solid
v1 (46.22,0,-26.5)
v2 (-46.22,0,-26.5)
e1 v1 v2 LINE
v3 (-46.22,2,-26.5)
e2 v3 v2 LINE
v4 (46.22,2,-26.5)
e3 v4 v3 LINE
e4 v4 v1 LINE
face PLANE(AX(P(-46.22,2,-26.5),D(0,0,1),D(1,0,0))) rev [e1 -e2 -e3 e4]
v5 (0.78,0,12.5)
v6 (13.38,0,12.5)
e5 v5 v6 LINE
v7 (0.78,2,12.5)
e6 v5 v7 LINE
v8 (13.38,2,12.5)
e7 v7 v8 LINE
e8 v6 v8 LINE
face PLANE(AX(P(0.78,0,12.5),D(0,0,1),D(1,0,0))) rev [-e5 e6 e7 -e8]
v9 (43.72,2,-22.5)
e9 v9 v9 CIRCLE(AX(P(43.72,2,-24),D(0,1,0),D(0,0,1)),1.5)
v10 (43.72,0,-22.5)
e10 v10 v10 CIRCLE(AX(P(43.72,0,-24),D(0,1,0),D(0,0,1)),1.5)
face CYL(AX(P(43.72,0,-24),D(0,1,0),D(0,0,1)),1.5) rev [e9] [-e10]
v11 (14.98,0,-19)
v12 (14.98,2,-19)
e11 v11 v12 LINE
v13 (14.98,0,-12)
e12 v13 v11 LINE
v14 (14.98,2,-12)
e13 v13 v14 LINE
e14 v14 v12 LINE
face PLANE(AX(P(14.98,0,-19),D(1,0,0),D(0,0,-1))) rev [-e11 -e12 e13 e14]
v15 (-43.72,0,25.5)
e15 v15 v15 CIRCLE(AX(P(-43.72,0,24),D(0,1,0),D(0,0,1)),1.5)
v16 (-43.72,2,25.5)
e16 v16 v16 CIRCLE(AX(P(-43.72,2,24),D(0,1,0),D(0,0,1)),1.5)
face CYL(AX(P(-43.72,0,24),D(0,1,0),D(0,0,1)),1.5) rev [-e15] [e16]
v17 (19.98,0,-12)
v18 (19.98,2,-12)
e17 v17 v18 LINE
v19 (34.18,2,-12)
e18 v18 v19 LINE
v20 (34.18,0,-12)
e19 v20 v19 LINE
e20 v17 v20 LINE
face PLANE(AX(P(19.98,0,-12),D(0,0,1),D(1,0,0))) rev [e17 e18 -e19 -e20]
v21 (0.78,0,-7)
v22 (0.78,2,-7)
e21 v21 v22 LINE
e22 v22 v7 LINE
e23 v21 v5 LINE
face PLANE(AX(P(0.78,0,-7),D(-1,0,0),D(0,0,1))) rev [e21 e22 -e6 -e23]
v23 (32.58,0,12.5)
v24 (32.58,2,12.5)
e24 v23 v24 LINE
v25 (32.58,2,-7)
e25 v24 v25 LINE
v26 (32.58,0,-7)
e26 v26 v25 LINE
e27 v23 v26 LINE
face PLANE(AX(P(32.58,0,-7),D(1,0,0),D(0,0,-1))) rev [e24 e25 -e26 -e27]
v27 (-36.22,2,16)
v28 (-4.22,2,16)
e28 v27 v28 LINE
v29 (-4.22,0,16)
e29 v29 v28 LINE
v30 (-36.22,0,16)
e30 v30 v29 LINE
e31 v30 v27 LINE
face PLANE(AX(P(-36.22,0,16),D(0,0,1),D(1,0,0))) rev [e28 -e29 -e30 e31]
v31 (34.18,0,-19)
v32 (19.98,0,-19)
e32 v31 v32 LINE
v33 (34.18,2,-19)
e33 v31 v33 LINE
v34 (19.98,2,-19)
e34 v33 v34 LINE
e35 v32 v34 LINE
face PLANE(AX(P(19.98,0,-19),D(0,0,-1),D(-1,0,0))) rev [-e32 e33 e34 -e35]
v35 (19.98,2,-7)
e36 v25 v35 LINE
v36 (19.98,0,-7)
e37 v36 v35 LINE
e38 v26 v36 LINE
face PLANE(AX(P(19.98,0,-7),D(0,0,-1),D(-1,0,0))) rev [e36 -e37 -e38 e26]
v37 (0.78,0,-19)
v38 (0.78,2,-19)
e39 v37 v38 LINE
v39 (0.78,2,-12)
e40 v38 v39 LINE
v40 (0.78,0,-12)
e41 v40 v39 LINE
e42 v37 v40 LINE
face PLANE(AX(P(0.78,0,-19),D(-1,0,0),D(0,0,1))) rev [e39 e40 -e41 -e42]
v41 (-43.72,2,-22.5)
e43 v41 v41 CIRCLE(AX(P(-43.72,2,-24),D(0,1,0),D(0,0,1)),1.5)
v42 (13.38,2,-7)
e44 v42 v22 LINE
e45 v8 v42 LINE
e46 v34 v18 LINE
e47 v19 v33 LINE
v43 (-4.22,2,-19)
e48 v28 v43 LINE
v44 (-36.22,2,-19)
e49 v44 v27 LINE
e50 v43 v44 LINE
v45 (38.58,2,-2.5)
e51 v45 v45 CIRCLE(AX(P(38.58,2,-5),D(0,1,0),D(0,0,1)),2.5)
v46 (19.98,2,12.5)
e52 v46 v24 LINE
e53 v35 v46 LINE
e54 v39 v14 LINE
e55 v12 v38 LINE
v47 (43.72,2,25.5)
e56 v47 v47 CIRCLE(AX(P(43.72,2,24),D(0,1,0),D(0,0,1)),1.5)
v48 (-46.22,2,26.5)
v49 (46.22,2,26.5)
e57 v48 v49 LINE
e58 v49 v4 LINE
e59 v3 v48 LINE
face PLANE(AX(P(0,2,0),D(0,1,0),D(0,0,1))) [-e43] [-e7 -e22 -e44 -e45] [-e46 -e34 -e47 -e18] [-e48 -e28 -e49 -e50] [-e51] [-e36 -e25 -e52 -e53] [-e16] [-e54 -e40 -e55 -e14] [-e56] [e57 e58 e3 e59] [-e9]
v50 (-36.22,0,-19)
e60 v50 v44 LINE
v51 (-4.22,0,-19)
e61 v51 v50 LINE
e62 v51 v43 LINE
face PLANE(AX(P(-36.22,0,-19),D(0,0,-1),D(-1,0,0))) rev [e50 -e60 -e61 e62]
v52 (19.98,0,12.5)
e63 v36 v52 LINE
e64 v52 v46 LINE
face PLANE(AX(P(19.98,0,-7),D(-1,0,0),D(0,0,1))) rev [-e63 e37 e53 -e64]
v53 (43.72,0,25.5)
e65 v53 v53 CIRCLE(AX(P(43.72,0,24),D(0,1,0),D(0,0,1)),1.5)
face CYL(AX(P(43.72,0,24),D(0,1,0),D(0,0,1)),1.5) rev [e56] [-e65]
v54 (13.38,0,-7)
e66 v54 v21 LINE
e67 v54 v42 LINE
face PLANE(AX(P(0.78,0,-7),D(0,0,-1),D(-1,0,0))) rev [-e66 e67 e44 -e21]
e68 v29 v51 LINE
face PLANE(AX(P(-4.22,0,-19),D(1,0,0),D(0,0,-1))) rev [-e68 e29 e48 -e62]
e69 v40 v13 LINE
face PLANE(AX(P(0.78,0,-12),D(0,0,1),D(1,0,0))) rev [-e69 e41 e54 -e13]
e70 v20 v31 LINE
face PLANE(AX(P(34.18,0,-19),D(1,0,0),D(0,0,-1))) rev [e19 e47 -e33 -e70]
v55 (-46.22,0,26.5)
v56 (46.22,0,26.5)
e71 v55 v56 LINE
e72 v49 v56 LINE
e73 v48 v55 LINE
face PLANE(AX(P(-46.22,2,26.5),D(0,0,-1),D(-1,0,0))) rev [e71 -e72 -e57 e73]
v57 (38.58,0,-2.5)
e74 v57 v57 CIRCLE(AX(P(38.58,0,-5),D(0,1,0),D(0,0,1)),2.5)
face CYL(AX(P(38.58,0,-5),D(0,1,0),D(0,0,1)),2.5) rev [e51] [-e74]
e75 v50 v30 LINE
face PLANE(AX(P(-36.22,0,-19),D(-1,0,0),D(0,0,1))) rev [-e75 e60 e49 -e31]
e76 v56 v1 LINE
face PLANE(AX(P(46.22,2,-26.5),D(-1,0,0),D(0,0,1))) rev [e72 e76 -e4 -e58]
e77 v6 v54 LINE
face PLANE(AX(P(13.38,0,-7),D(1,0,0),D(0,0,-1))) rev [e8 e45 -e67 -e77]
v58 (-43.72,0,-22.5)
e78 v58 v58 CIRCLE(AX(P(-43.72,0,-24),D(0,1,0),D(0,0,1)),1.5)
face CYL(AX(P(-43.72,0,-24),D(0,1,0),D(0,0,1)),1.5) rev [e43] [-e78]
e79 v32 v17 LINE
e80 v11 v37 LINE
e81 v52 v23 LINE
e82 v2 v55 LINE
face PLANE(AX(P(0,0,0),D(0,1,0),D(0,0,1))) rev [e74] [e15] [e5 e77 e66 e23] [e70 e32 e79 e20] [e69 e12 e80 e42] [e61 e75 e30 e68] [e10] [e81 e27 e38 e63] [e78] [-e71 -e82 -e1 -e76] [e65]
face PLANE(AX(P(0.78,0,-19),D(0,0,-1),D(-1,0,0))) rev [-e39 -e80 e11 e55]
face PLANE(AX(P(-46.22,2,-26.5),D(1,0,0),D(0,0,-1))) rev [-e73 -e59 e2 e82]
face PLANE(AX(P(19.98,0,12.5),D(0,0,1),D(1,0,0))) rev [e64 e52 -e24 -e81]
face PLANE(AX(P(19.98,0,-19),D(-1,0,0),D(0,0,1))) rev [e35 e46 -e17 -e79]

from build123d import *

# Parameters (mm, degrees)
SKETCH1_W           = 92.44
SKETCH1_H           = 53
BOSS_EXTRUDE1_DEPTH = 2
SKETCH2_R           = 1.5
CUT_EXTRUDE1_DEPTH  = 3
SKETCH3_R           = 2.5
SKETCH3_W           = 32
SKETCH3_H           = 35
SKETCH3_W_2         = 14.2
SKETCH3_H_2         = 7
SKETCH3_W_3         = 12.6
SKETCH3_H_3         = 19.5
CUT_EXTRUDE2_DEPTH  = 3


with BuildPart() as part:
    # Sketch1 → Boss-Extrude1 (new body)
    with BuildSketch(Plane(origin=(0, 0, 0), x_dir=(1, 0, 0), z_dir=(0, 1, 0))):
        Rectangle(SKETCH1_W, SKETCH1_H)
    extrude(amount=BOSS_EXTRUDE1_DEPTH)

    # Sketch2 → Cut-Extrude1 (cut, through all)
    with BuildSketch(Plane(origin=(0, 2, 0), x_dir=(1, 0, 0), z_dir=(0, 1, 0))):
        with Locations((-43.72, 24)):
            Circle(SKETCH2_R)
        with Locations((43.72, 24)):
            Circle(SKETCH2_R)
        with Locations((43.72, -24)):
            Circle(SKETCH2_R)
        with Locations((-43.72, -24)):
            Circle(SKETCH2_R)
    extrude(amount=-CUT_EXTRUDE1_DEPTH, mode=Mode.SUBTRACT)

    # Sketch3 → Cut-Extrude2 (cut, through all)
    with BuildSketch(Plane(origin=(0, 2, 0), x_dir=(1, 0, 0), z_dir=(0, 1, 0))):
        with Locations((38.58, 5)):
            Circle(SKETCH3_R)
        with Locations((-20.22, 1.5)):
            Rectangle(SKETCH3_W, SKETCH3_H)
        with Locations((7.88, 15.5)):
            Rectangle(SKETCH3_W_2, SKETCH3_H_2)
        with Locations((27.08, 15.5)):
            Rectangle(SKETCH3_W_2, SKETCH3_H_2)
        with Locations((7.08, -2.75)):
            Rectangle(SKETCH3_W_3, SKETCH3_H_3)
        with Locations((26.28, -2.75)):
            Rectangle(SKETCH3_W_3, SKETCH3_H_3)
    extrude(amount=-CUT_EXTRUDE2_DEPTH, mode=Mode.SUBTRACT)


solid = part.part
